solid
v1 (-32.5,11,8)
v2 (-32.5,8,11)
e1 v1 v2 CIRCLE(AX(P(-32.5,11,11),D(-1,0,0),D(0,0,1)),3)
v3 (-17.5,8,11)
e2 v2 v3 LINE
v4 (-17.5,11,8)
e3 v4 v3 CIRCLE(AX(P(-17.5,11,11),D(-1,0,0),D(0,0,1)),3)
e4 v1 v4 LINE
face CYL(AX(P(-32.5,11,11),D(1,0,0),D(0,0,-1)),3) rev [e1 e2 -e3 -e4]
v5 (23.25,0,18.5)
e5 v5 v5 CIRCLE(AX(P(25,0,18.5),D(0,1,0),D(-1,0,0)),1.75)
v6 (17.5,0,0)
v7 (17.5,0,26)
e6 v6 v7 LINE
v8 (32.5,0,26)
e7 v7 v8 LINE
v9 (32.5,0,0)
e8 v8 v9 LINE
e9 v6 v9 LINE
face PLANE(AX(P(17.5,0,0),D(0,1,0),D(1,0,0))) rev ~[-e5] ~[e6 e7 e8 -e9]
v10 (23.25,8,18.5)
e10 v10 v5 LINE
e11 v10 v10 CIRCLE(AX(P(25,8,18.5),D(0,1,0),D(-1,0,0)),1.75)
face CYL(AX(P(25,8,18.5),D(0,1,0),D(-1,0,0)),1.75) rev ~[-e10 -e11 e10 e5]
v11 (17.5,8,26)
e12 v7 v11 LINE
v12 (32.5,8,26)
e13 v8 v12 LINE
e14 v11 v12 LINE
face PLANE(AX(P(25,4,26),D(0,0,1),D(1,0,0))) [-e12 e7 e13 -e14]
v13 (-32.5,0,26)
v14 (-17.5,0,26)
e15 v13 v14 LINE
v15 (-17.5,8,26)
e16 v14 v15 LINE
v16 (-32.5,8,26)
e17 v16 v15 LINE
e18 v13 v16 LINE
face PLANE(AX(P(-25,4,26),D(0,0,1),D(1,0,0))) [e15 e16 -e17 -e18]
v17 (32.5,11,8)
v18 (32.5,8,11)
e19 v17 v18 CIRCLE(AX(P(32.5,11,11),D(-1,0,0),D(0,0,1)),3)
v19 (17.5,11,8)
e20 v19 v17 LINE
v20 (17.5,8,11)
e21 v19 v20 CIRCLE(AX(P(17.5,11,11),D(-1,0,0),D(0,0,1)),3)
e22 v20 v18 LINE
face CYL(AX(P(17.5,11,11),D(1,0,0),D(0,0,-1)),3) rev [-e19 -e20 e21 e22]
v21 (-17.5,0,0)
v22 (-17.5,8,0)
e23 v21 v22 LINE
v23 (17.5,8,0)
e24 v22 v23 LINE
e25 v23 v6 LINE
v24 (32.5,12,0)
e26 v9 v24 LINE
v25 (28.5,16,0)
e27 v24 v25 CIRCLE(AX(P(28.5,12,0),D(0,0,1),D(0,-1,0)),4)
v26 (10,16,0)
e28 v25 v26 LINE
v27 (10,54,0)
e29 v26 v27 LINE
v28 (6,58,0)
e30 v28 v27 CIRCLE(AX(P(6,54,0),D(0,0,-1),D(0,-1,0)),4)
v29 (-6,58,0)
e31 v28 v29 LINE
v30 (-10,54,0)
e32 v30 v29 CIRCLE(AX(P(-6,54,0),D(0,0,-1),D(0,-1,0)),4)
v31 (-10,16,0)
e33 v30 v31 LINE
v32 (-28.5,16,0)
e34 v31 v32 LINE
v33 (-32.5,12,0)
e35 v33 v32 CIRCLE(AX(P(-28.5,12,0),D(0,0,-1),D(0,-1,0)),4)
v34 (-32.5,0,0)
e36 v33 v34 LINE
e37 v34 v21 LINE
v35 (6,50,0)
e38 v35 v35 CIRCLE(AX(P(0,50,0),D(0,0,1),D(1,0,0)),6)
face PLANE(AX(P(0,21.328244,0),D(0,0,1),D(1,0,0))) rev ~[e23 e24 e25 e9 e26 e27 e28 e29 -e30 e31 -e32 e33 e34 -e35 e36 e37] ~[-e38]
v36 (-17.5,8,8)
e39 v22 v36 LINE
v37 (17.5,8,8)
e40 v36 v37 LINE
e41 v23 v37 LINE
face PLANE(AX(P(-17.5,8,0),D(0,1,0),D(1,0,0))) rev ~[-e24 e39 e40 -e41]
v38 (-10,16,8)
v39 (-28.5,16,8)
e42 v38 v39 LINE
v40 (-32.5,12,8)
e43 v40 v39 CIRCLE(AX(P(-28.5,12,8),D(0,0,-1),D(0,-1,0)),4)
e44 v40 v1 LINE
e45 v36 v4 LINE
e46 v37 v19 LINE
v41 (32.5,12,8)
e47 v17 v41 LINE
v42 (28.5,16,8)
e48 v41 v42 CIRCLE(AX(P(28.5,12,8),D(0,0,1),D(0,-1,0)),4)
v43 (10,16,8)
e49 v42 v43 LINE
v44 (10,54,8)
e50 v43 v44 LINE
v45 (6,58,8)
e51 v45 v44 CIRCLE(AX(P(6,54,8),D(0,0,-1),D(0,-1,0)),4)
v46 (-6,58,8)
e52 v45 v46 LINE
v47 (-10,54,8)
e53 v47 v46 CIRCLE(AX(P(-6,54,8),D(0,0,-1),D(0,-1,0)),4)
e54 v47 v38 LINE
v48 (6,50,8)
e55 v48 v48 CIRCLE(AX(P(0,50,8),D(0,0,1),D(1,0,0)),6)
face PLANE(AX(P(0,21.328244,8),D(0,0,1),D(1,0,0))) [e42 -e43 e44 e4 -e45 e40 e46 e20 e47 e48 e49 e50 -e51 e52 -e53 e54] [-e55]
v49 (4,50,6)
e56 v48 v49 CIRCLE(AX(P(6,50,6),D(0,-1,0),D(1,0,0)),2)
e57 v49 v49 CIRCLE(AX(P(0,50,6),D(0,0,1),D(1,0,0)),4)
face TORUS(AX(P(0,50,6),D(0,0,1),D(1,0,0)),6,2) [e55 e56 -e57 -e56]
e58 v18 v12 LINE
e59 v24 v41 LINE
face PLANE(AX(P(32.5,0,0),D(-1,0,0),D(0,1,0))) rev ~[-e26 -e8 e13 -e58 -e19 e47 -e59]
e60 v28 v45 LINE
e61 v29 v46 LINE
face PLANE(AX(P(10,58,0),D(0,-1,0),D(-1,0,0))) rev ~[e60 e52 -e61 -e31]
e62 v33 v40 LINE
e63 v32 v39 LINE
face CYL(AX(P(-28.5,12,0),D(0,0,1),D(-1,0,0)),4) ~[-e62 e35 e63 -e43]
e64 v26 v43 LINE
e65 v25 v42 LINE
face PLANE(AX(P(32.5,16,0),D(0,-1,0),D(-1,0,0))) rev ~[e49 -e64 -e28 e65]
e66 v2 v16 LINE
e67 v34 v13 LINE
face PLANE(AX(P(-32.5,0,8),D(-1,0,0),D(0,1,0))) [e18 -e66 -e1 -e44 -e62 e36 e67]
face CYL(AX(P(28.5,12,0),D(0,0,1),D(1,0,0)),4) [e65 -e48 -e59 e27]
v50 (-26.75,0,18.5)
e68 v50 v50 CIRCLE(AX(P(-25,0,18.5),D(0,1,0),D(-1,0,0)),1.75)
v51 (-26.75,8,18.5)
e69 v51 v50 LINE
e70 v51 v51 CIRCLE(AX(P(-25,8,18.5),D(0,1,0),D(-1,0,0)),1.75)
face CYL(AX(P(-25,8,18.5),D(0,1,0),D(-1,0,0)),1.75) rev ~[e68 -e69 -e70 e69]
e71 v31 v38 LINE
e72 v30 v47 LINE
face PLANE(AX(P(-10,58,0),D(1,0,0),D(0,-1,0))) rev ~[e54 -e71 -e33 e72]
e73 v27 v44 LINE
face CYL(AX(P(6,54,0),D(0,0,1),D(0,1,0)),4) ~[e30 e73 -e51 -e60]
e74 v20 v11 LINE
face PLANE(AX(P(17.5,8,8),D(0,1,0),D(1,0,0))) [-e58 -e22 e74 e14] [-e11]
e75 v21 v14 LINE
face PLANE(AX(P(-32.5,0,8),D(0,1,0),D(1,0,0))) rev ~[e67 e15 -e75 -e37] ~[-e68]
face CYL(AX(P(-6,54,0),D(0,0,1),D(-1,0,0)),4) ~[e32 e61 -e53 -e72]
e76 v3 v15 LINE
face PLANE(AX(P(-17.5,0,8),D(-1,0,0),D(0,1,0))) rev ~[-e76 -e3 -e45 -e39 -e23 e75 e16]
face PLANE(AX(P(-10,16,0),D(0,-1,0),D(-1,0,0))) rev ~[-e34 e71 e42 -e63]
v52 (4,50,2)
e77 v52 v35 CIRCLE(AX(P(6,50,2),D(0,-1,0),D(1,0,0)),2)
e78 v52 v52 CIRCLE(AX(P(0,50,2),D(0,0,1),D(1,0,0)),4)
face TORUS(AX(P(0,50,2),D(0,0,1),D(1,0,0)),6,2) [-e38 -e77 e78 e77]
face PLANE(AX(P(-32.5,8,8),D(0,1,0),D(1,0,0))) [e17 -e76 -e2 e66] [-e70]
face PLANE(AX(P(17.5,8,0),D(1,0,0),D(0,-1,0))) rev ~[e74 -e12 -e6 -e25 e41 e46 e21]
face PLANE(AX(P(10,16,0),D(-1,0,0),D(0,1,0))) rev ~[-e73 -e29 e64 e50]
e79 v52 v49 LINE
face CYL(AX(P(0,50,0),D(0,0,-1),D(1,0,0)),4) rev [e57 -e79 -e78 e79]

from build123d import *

# Parameters (mm, degrees)
SKETCH_R     = 4
PAD_DEPTH    = 8
SKETCH001_W  = 15
SKETCH001_H  = 8
PAD001_DEPTH = 18
SKETCH002_R  = 1.75
POCKET_DEPTH = 8.001
FILLET_R     = 2
FILLET001_R  = 2
FILLET002_R  = 4
FILLET003_R  = 3


with BuildPart() as part:
    # Sketch → Pad (new body)
    with BuildSketch(Plane.XY):
        Polygon((-32.5, 0), (-17.5, 0), (-17.5, 8), (17.5, 8), (17.5, 0), (32.5, 0), (32.5, 16), (10, 16), (10, 58), (-10, 58), (-10, 16), (-32.5, 16), align=None)
        with Locations((0, 50)):
            Circle(SKETCH_R, mode=Mode.SUBTRACT)
    extrude(amount=PAD_DEPTH)

    # Sketch001 (on Face15 of Pad) → Pad001 (join)
    with BuildSketch(Plane.XY.offset(8)):
        with Locations((-25, 4)):
            Rectangle(SKETCH001_W, SKETCH001_H)
        with Locations((25, 4)):
            Rectangle(SKETCH001_W, SKETCH001_H)
    extrude(amount=PAD001_DEPTH)

    # Sketch002 (on Face11 of Pad001) → Pocket (cut, through all)
    with BuildSketch(Plane(origin=(0, 8, 0), x_dir=(-1, 0, 0), z_dir=(0, 1, 0))):
        with Locations((-25, 18.5)):
            Circle(SKETCH002_R)
        with Locations((25, 18.5)):
            Circle(SKETCH002_R)
    extrude(amount=-POCKET_DEPTH, mode=Mode.SUBTRACT)

    # Fillet
    fillet_edges = [part.edges().sort_by_distance(p)[0] for p in [
        (-4, 50, 8),
    ]]
    fillet(fillet_edges, radius=FILLET_R)

    # Fillet001
    fillet001_edges = [part.edges().sort_by_distance(p)[0] for p in [
        (-4, 50, 0),
    ]]
    fillet(fillet001_edges, radius=FILLET001_R)

    # Fillet002
    fillet002_edges = [part.edges().sort_by_distance(p)[0] for p in [
        (-10, 58, 4),
        (10, 58, 4),
        (-32.5, 16, 4),
        (32.5, 16, 4),
    ]]
    fillet(fillet002_edges, radius=FILLET002_R)

    # Fillet003
    fillet003_edges = [part.edges().sort_by_distance(p)[0] for p in [
        (25, 8, 8),
        (-25, 8, 8),
    ]]
    fillet(fillet003_edges, radius=FILLET003_R)


solid = part.part
